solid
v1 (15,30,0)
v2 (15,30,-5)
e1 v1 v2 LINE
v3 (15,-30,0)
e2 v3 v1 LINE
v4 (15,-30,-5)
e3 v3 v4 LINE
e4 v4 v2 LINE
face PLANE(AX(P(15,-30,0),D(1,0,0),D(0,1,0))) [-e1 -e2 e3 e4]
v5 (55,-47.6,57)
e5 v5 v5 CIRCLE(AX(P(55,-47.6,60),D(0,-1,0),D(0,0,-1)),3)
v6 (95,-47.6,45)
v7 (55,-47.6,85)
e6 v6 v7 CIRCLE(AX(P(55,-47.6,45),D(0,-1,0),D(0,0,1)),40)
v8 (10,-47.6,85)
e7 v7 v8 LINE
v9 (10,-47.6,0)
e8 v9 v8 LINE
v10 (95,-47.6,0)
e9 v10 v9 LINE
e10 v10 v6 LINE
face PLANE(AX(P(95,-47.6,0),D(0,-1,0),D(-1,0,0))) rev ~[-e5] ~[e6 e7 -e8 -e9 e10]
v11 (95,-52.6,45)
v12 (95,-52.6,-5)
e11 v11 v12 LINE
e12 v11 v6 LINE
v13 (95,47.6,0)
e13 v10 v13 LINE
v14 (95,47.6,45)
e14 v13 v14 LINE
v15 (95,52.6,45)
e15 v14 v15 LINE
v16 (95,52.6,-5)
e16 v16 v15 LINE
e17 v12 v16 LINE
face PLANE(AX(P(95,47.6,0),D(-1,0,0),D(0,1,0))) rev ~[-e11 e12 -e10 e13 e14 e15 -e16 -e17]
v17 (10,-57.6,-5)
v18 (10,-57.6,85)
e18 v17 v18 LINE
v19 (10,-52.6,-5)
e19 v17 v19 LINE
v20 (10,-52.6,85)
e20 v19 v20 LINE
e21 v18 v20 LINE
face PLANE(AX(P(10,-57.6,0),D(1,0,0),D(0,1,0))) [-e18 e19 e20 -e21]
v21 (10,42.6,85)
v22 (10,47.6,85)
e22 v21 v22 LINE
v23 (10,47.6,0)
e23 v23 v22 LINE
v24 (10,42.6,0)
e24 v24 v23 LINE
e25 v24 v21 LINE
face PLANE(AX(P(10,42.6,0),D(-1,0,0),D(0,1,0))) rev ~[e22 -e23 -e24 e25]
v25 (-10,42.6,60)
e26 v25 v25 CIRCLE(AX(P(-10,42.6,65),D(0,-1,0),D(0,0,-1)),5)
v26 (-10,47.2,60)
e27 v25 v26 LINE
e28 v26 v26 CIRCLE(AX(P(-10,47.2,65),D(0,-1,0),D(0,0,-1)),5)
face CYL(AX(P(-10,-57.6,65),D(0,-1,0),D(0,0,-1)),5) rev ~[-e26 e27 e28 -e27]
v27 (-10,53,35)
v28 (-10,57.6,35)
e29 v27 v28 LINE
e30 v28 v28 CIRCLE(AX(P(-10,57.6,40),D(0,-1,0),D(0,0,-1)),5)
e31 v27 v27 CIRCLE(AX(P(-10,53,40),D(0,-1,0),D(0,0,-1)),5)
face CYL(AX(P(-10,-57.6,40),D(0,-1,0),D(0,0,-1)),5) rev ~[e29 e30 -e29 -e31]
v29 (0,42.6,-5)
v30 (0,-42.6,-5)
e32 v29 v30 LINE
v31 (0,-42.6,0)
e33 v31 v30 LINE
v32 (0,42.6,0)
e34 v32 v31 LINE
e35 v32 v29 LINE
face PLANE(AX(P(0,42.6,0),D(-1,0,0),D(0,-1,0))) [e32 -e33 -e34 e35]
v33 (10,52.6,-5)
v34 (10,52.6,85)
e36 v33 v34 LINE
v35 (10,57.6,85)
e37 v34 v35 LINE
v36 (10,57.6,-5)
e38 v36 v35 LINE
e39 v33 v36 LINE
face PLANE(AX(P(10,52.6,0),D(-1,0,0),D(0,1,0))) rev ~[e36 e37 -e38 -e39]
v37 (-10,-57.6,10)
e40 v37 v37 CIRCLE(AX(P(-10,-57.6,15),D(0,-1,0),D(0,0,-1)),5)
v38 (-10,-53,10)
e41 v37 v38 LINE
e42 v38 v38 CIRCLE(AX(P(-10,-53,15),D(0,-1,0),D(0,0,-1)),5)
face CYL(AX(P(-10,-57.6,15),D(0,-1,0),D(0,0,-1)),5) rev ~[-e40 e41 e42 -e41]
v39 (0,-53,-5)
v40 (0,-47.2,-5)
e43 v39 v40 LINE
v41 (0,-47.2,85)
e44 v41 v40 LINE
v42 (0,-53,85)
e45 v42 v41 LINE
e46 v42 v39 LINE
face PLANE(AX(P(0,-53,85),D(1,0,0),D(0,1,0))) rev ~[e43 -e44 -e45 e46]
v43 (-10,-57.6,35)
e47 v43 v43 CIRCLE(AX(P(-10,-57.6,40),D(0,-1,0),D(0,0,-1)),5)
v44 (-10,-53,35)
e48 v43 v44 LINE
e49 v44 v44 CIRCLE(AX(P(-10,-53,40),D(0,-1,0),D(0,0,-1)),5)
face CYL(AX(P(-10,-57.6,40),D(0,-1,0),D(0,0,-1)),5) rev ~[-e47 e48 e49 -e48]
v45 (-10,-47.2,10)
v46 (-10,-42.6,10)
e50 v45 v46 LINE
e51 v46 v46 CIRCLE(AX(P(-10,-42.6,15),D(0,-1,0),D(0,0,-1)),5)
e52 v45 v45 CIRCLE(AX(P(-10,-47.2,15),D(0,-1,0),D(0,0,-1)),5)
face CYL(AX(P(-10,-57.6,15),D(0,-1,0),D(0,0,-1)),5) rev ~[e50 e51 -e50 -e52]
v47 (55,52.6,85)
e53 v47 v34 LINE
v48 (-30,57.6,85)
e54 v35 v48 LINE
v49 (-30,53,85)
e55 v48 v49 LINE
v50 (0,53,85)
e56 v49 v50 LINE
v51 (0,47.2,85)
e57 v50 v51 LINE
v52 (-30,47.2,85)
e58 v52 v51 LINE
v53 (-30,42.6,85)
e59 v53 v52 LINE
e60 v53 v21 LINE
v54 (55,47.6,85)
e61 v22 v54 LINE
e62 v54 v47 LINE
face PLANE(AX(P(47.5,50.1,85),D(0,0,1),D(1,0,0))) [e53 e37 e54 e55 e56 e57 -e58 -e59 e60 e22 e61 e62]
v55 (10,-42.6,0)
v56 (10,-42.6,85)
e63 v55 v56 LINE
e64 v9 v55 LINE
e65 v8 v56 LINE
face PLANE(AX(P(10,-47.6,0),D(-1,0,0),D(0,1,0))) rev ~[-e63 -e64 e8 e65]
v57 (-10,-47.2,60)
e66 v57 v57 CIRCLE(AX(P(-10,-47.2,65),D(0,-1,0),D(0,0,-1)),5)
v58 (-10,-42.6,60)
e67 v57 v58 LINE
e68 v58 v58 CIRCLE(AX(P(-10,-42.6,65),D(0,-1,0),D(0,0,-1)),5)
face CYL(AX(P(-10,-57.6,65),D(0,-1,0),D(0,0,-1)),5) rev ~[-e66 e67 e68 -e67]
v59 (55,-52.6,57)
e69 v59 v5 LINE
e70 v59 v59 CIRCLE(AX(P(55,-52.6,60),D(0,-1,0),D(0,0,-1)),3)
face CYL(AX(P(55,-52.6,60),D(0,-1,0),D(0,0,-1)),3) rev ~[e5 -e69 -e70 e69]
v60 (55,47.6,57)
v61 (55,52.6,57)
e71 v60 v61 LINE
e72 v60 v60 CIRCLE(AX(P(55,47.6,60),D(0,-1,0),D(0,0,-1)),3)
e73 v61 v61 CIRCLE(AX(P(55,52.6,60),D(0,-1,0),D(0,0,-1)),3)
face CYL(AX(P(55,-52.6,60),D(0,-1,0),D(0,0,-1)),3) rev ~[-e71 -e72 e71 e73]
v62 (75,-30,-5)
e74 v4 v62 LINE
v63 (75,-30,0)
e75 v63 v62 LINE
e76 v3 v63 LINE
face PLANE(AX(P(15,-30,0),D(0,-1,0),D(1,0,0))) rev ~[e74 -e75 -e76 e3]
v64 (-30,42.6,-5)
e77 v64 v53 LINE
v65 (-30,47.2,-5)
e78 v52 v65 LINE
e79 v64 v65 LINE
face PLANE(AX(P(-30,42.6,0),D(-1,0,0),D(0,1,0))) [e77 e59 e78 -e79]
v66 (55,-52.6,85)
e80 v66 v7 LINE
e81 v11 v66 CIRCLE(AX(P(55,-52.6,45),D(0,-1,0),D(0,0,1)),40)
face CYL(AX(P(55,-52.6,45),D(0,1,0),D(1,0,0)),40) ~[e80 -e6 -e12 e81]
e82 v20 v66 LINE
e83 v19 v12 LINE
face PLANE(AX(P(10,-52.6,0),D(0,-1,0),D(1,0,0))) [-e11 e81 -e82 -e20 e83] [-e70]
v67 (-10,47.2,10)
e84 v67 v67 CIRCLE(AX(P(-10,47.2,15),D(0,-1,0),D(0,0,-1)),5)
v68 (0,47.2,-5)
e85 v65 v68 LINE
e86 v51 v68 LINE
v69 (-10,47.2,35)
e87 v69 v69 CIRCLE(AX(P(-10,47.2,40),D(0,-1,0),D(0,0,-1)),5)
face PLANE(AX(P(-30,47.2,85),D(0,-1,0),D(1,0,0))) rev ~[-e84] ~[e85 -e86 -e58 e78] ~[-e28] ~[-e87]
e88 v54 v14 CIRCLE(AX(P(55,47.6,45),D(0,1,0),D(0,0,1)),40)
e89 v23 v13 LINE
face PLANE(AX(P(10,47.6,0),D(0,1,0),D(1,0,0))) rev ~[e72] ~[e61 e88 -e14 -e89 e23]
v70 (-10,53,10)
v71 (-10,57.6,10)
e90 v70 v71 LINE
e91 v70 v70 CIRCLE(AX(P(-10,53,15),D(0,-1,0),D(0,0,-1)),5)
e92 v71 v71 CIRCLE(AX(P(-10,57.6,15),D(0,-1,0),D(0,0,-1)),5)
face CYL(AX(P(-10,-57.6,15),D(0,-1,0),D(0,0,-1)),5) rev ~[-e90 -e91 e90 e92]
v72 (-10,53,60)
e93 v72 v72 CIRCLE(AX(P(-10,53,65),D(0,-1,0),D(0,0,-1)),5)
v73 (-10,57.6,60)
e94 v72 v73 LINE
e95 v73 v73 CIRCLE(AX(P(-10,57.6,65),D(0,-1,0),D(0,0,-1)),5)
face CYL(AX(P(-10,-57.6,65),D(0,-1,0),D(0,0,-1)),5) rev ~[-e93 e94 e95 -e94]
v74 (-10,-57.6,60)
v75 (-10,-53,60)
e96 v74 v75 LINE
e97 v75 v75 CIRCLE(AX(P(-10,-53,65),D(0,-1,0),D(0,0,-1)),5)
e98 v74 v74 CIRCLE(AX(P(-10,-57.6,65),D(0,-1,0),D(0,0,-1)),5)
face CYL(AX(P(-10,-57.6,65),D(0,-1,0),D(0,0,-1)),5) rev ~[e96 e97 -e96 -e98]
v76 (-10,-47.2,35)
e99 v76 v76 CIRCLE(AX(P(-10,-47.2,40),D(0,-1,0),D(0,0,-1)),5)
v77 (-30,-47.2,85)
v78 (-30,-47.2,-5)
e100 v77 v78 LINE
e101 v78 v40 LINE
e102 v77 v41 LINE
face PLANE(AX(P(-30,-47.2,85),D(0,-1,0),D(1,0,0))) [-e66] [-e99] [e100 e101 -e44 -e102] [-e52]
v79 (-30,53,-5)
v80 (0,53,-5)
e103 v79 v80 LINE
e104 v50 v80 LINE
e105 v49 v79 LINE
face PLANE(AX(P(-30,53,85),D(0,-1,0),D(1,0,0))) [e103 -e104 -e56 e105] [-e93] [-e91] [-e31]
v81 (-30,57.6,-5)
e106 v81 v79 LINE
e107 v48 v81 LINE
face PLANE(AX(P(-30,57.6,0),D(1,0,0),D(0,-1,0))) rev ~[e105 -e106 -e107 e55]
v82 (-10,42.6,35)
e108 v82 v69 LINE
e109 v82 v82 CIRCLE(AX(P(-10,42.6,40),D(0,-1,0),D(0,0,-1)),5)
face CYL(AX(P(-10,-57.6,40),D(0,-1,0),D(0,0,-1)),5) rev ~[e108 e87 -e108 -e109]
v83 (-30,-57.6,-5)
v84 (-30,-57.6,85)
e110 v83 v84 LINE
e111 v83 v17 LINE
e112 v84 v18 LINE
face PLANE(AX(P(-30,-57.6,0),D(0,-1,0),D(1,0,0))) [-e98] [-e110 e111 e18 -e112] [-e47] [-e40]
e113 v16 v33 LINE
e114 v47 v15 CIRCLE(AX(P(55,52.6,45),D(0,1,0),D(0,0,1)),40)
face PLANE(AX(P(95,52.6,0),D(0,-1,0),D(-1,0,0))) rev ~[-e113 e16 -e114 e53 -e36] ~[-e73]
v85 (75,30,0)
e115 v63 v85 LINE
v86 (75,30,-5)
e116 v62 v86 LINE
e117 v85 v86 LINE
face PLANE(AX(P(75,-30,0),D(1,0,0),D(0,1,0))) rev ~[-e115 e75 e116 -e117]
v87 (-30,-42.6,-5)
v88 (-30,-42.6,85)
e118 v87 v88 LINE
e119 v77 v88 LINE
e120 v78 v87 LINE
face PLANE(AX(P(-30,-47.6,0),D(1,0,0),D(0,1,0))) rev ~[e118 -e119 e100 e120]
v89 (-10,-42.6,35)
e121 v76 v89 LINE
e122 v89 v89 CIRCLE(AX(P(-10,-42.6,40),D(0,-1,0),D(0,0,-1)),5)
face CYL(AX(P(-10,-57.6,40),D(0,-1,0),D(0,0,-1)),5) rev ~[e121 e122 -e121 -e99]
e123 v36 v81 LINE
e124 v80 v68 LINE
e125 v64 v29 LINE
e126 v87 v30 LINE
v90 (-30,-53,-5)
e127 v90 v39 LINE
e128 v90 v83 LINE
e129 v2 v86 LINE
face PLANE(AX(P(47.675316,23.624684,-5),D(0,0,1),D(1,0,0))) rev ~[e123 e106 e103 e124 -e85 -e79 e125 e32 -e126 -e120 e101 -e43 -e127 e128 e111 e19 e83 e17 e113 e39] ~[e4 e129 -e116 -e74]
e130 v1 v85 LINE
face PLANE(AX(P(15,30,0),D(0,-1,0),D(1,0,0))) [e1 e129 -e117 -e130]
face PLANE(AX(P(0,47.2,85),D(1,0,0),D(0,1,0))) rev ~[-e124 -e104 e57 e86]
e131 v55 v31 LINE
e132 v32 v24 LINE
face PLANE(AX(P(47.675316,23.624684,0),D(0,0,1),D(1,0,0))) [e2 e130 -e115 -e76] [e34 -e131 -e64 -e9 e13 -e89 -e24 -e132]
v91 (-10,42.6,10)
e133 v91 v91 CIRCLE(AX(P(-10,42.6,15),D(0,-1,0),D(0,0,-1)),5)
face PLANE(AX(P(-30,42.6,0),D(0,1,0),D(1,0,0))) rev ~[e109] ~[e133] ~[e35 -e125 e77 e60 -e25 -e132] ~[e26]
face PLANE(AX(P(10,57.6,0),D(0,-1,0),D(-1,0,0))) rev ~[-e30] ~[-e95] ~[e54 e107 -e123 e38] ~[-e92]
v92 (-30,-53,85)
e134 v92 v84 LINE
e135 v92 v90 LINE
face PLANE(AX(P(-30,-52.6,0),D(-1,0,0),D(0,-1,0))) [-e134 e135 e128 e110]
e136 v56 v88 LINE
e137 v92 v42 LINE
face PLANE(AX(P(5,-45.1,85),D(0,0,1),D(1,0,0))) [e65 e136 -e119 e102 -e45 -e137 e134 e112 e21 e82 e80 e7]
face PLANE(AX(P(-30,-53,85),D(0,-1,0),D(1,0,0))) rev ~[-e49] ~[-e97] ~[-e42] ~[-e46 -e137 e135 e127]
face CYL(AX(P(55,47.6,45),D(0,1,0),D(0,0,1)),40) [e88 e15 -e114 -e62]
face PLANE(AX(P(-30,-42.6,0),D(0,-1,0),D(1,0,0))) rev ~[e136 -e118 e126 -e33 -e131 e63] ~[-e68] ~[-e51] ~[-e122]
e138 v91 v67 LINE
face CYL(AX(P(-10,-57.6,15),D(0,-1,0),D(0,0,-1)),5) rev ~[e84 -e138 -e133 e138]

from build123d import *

# Parameters (mm, degrees)
EXTRUDE_1_DEPTH     = 5
EXTRUDE_2_DEPTH     = 85
SKETCH_2_R          = 3
CUT_EXTRUDE_1_DEPTH = 144
FILLET_1_R          = 40
SKETCH_4_W          = 30
SKETCH_4_H          = 5.8
CUT_EXTRUDE_2_DEPTH = 144
SKETCH_5_W          = 60
SKETCH_5_H          = 60
CUT_EXTRUDE_3_DEPTH = 144
SKETCH_6_R          = 5
CUT_EXTRUDE_4_DEPTH = 144


with BuildPart() as part:
    # 스케치1 → 보스-돌출1 (new body)
    with BuildSketch(Plane.XY):
        Polygon((0, -42.6), (-30, -42.6), (-30, -47.6), (0, -47.6), (0, -52.6), (-30, -52.6), (-30, -57.6), (10, -57.6), (10, -52.6), (95, -52.6), (95, 52.6), (10, 52.6), (10, 57.6), (-30, 57.6), (-30, 52.6), (0, 52.6), (0, 47.6), (-30, 47.6), (-30, 42.6), (0, 42.6), align=None)
    extrude(amount=-EXTRUDE_1_DEPTH)

    # 스케치1<3> → 보스-돌출2 (add)
    with BuildSketch(Plane.XY):
        Polygon((10, -47.6), (10, -42.6), (-30, -42.6), (-30, -47.6), (0, -47.6), (0, -52.6), (-30, -52.6), (-30, -57.6), (10, -57.6), (10, -52.6), (95, -52.6), (95, -47.6), align=None)
        Polygon((-30, 42.6), (10, 42.6), (10, 47.6), (95, 47.6), (95, 52.6), (10, 52.6), (10, 57.6), (-30, 57.6), (-30, 52.6), (0, 52.6), (0, 47.6), (-30, 47.6), align=None)
    extrude(amount=EXTRUDE_2_DEPTH)

    # 스케치2 → 컷-돌출1 (cut)
    with BuildSketch(Plane.XZ.offset(52.6)):
        with Locations((55, 60)):
            Circle(SKETCH_2_R)
    extrude(amount=-CUT_EXTRUDE_1_DEPTH, mode=Mode.SUBTRACT)

    # 필렛1
    fillet_1_edges = [part.edges().sort_by_distance(p)[0] for p in [
        (95, 50.1, 85),
        (95, -50.1, 85),
    ]]
    fillet(fillet_1_edges, radius=FILLET_1_R)

    # 스케치4 → 컷-돌출2 (cut)
    with BuildSketch(Plane.XY.offset(85)):
        with Locations((-15, -50.1)):
            Rectangle(SKETCH_4_W, SKETCH_4_H)
        with Locations((-15, 50.1)):
            Rectangle(SKETCH_4_W, SKETCH_4_H)
    extrude(amount=-CUT_EXTRUDE_2_DEPTH, mode=Mode.SUBTRACT)

    # 스케치5 → 컷-돌출3 (cut)
    with BuildSketch(Plane.XY):
        with Locations((45, 0)):
            Rectangle(SKETCH_5_W, SKETCH_5_H)
    extrude(amount=-CUT_EXTRUDE_3_DEPTH, mode=Mode.SUBTRACT)

    # 스케치6 → 컷-돌출4 (cut)
    with BuildSketch(Plane.XZ.offset(57.6)):
        with Locations((-10, 40)):
            Circle(SKETCH_6_R)
        with Locations((-10, 65)):
            Circle(SKETCH_6_R)
        with Locations((-10, 15)):
            Circle(SKETCH_6_R)
    extrude(amount=-CUT_EXTRUDE_4_DEPTH, mode=Mode.SUBTRACT)


solid = part.part
